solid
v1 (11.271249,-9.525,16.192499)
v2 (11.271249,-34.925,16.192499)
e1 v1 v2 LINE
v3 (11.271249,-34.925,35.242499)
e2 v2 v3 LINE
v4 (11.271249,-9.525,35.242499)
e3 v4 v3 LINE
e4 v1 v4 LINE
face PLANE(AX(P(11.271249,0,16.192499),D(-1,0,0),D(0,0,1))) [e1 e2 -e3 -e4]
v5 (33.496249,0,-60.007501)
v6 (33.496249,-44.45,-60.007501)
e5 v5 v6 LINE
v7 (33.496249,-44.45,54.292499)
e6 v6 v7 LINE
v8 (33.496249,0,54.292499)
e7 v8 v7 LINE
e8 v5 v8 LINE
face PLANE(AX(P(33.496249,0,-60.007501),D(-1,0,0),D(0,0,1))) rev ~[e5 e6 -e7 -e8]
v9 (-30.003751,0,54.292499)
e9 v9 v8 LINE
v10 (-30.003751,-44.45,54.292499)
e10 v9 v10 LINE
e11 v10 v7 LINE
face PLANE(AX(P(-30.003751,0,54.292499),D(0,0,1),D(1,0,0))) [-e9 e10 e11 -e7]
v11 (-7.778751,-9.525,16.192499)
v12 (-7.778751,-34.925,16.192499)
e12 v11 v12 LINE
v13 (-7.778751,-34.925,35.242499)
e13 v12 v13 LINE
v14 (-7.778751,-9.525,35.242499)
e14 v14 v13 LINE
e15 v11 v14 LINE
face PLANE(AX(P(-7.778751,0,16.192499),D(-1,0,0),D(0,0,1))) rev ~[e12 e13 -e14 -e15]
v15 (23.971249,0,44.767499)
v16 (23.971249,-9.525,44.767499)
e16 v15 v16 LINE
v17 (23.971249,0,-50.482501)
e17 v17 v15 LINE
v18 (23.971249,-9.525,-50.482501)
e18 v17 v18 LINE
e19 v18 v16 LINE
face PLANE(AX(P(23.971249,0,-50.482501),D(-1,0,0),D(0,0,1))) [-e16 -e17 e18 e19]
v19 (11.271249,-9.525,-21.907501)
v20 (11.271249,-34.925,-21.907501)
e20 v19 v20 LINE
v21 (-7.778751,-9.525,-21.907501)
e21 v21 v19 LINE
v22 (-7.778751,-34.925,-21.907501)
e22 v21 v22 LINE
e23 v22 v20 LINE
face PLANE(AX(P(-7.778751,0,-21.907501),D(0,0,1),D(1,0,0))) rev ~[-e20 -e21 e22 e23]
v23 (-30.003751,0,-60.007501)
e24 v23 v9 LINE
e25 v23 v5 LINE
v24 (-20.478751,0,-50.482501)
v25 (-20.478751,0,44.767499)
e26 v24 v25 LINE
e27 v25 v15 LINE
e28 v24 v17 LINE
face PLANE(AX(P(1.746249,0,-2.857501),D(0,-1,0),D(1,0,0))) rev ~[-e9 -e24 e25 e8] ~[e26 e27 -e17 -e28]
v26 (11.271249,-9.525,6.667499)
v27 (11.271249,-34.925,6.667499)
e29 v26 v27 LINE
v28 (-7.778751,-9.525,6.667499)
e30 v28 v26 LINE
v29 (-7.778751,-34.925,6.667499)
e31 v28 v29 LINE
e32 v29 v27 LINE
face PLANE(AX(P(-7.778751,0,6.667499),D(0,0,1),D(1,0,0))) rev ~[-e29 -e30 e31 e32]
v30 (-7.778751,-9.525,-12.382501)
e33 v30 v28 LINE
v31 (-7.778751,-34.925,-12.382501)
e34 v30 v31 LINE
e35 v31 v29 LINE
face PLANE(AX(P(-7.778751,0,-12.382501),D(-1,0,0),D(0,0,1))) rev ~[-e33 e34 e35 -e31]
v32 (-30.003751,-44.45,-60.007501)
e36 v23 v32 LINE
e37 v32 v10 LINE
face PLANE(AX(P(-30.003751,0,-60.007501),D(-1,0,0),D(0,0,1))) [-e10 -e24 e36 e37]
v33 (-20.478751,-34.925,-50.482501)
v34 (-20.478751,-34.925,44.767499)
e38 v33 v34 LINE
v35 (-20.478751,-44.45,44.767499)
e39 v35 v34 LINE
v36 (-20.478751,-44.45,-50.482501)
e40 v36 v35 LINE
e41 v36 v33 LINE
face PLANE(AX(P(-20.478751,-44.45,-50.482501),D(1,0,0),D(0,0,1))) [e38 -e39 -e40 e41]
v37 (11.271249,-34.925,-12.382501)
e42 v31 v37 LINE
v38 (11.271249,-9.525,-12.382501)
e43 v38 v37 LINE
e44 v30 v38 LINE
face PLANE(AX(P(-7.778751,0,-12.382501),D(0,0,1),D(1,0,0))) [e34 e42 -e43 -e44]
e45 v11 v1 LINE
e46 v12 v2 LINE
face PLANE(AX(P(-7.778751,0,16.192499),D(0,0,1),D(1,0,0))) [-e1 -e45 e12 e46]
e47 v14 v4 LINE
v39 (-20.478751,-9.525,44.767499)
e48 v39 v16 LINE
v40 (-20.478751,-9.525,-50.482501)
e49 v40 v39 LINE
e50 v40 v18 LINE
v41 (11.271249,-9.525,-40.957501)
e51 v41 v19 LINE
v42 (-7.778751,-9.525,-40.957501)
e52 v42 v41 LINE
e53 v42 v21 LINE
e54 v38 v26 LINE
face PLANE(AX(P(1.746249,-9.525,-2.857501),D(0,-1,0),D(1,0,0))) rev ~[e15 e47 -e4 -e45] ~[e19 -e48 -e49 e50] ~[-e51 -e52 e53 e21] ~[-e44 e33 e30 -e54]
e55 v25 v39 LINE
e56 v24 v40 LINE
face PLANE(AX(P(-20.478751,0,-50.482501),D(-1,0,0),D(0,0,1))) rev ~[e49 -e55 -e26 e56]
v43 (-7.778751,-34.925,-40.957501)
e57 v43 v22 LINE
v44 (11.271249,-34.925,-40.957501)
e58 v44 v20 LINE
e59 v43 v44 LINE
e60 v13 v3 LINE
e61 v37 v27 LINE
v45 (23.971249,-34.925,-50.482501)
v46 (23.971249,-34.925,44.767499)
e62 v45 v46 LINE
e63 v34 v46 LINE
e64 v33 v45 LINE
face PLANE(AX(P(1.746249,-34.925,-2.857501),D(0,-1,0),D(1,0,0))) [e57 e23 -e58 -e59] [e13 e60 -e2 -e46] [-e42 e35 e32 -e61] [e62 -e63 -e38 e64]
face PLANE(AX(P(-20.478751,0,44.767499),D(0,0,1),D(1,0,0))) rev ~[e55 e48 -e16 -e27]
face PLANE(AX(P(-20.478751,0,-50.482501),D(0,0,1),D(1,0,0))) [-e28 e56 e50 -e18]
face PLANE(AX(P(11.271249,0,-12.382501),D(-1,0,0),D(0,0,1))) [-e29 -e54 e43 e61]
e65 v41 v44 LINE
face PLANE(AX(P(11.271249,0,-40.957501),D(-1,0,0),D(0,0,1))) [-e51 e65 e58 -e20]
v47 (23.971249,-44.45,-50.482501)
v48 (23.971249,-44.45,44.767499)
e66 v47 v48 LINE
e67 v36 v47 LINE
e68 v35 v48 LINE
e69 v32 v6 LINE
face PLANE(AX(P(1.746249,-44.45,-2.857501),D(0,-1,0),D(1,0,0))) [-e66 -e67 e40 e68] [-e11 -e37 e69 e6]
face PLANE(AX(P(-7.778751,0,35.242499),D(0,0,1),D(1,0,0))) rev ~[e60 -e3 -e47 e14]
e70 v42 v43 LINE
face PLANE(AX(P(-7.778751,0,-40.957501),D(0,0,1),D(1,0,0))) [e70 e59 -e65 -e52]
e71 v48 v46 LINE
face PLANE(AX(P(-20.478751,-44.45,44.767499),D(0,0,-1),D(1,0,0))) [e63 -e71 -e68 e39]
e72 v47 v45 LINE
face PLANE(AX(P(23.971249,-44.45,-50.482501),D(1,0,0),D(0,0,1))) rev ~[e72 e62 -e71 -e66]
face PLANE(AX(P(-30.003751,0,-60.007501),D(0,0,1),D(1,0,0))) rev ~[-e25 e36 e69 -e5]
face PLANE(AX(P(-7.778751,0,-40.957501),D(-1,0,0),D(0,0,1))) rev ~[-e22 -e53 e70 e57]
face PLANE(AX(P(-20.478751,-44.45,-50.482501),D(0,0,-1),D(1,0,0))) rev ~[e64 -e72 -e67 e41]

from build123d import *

# Parameters (mm, degrees)
F0_W     = 63.5
F0_H     = 114.3
F0_W_2   = 44.45
F0_H_2   = 95.25
F0_W_3   = 19.05
F0_H_3   = 19.05
F1_DEPTH = 44.45
F2_DEPTH = 44.451
F3_DEPTH = 9.525
F4_W     = 44.45
F4_H     = 95.25
F4_W_2   = 19.05
F4_H_2   = 19.05
F5_DEPTH = 9.525


with BuildPart() as f1:
    # F0 (on Front) → F1 (new body)
    with BuildSketch(Plane.XZ):
        with Locations((1.7462493032, -2.8575013936)):
            Rectangle(F0_W, F0_H)
        with Locations((1.7462493032, -2.8575013936)):
            Rectangle(F0_W_2, F0_H_2, mode=Mode.SUBTRACT)
        with Locations((1.7462493032, -2.8575013936)):
            Rectangle(F0_W_2, F0_H_2)
        with Locations((1.7462493032, -31.4325013936)):
            Rectangle(F0_W_3, F0_H_3, mode=Mode.SUBTRACT)
        with Locations((1.7462493032, -2.8575013936)):
            Rectangle(F0_W_3, F0_H_3, mode=Mode.SUBTRACT)
        with Locations((1.7462493032, 25.7174986064)):
            Rectangle(F0_W_3, F0_H_3, mode=Mode.SUBTRACT)
        with Locations((1.7462493032, -31.4325013936)):
            Rectangle(F0_W_3, F0_H_3)
        with Locations((1.7462493032, 25.7174986064)):
            Rectangle(F0_W_3, F0_H_3)
        with Locations((1.7462493032, -2.8575013936)):
            Rectangle(F0_W_3, F0_H_3)
    extrude(amount=F1_DEPTH)

    # F0 (on Front) → F2 (cut, through all)
    with BuildSketch(Plane.XZ):
        with Locations((1.7462493032, 25.7174986064)):
            Rectangle(F0_W_3, F0_H_3)
        with Locations((1.7462493032, -2.8575013936)):
            Rectangle(F0_W_3, F0_H_3)
        with Locations((1.7462493032, -31.4325013936)):
            Rectangle(F0_W_3, F0_H_3)
    extrude(amount=F2_DEPTH, mode=Mode.SUBTRACT)

    # F0 (on Front) → F3 (cut)
    with BuildSketch(Plane.XZ):
        with Locations((1.7462493032, -2.8575013936)):
            Rectangle(F0_W_2, F0_H_2)
        with Locations((1.7462493032, -31.4325013936)):
            Rectangle(F0_W_3, F0_H_3, mode=Mode.SUBTRACT)
        with Locations((1.7462493032, -2.8575013936)):
            Rectangle(F0_W_3, F0_H_3, mode=Mode.SUBTRACT)
        with Locations((1.7462493032, 25.7174986064)):
            Rectangle(F0_W_3, F0_H_3, mode=Mode.SUBTRACT)
    extrude(amount=F3_DEPTH, mode=Mode.SUBTRACT)

    # F4 (on face) → F5 (cut)
    with BuildSketch(Plane.XZ.offset(44.45)):
        with Locations((1.7462493032, -2.8575013936)):
            Rectangle(F4_W, F4_H)
        with Locations((1.7462493032, -31.4325013936)):
            Rectangle(F4_W_2, F4_H_2, mode=Mode.SUBTRACT)
        with Locations((1.7462493032, -2.8575013936)):
            Rectangle(F4_W_2, F4_H_2, mode=Mode.SUBTRACT)
        with Locations((1.7462493032, 25.7174986064)):
            Rectangle(F4_W_2, F4_H_2, mode=Mode.SUBTRACT)
    extrude(amount=-F5_DEPTH, mode=Mode.SUBTRACT)


solid = f1.part
